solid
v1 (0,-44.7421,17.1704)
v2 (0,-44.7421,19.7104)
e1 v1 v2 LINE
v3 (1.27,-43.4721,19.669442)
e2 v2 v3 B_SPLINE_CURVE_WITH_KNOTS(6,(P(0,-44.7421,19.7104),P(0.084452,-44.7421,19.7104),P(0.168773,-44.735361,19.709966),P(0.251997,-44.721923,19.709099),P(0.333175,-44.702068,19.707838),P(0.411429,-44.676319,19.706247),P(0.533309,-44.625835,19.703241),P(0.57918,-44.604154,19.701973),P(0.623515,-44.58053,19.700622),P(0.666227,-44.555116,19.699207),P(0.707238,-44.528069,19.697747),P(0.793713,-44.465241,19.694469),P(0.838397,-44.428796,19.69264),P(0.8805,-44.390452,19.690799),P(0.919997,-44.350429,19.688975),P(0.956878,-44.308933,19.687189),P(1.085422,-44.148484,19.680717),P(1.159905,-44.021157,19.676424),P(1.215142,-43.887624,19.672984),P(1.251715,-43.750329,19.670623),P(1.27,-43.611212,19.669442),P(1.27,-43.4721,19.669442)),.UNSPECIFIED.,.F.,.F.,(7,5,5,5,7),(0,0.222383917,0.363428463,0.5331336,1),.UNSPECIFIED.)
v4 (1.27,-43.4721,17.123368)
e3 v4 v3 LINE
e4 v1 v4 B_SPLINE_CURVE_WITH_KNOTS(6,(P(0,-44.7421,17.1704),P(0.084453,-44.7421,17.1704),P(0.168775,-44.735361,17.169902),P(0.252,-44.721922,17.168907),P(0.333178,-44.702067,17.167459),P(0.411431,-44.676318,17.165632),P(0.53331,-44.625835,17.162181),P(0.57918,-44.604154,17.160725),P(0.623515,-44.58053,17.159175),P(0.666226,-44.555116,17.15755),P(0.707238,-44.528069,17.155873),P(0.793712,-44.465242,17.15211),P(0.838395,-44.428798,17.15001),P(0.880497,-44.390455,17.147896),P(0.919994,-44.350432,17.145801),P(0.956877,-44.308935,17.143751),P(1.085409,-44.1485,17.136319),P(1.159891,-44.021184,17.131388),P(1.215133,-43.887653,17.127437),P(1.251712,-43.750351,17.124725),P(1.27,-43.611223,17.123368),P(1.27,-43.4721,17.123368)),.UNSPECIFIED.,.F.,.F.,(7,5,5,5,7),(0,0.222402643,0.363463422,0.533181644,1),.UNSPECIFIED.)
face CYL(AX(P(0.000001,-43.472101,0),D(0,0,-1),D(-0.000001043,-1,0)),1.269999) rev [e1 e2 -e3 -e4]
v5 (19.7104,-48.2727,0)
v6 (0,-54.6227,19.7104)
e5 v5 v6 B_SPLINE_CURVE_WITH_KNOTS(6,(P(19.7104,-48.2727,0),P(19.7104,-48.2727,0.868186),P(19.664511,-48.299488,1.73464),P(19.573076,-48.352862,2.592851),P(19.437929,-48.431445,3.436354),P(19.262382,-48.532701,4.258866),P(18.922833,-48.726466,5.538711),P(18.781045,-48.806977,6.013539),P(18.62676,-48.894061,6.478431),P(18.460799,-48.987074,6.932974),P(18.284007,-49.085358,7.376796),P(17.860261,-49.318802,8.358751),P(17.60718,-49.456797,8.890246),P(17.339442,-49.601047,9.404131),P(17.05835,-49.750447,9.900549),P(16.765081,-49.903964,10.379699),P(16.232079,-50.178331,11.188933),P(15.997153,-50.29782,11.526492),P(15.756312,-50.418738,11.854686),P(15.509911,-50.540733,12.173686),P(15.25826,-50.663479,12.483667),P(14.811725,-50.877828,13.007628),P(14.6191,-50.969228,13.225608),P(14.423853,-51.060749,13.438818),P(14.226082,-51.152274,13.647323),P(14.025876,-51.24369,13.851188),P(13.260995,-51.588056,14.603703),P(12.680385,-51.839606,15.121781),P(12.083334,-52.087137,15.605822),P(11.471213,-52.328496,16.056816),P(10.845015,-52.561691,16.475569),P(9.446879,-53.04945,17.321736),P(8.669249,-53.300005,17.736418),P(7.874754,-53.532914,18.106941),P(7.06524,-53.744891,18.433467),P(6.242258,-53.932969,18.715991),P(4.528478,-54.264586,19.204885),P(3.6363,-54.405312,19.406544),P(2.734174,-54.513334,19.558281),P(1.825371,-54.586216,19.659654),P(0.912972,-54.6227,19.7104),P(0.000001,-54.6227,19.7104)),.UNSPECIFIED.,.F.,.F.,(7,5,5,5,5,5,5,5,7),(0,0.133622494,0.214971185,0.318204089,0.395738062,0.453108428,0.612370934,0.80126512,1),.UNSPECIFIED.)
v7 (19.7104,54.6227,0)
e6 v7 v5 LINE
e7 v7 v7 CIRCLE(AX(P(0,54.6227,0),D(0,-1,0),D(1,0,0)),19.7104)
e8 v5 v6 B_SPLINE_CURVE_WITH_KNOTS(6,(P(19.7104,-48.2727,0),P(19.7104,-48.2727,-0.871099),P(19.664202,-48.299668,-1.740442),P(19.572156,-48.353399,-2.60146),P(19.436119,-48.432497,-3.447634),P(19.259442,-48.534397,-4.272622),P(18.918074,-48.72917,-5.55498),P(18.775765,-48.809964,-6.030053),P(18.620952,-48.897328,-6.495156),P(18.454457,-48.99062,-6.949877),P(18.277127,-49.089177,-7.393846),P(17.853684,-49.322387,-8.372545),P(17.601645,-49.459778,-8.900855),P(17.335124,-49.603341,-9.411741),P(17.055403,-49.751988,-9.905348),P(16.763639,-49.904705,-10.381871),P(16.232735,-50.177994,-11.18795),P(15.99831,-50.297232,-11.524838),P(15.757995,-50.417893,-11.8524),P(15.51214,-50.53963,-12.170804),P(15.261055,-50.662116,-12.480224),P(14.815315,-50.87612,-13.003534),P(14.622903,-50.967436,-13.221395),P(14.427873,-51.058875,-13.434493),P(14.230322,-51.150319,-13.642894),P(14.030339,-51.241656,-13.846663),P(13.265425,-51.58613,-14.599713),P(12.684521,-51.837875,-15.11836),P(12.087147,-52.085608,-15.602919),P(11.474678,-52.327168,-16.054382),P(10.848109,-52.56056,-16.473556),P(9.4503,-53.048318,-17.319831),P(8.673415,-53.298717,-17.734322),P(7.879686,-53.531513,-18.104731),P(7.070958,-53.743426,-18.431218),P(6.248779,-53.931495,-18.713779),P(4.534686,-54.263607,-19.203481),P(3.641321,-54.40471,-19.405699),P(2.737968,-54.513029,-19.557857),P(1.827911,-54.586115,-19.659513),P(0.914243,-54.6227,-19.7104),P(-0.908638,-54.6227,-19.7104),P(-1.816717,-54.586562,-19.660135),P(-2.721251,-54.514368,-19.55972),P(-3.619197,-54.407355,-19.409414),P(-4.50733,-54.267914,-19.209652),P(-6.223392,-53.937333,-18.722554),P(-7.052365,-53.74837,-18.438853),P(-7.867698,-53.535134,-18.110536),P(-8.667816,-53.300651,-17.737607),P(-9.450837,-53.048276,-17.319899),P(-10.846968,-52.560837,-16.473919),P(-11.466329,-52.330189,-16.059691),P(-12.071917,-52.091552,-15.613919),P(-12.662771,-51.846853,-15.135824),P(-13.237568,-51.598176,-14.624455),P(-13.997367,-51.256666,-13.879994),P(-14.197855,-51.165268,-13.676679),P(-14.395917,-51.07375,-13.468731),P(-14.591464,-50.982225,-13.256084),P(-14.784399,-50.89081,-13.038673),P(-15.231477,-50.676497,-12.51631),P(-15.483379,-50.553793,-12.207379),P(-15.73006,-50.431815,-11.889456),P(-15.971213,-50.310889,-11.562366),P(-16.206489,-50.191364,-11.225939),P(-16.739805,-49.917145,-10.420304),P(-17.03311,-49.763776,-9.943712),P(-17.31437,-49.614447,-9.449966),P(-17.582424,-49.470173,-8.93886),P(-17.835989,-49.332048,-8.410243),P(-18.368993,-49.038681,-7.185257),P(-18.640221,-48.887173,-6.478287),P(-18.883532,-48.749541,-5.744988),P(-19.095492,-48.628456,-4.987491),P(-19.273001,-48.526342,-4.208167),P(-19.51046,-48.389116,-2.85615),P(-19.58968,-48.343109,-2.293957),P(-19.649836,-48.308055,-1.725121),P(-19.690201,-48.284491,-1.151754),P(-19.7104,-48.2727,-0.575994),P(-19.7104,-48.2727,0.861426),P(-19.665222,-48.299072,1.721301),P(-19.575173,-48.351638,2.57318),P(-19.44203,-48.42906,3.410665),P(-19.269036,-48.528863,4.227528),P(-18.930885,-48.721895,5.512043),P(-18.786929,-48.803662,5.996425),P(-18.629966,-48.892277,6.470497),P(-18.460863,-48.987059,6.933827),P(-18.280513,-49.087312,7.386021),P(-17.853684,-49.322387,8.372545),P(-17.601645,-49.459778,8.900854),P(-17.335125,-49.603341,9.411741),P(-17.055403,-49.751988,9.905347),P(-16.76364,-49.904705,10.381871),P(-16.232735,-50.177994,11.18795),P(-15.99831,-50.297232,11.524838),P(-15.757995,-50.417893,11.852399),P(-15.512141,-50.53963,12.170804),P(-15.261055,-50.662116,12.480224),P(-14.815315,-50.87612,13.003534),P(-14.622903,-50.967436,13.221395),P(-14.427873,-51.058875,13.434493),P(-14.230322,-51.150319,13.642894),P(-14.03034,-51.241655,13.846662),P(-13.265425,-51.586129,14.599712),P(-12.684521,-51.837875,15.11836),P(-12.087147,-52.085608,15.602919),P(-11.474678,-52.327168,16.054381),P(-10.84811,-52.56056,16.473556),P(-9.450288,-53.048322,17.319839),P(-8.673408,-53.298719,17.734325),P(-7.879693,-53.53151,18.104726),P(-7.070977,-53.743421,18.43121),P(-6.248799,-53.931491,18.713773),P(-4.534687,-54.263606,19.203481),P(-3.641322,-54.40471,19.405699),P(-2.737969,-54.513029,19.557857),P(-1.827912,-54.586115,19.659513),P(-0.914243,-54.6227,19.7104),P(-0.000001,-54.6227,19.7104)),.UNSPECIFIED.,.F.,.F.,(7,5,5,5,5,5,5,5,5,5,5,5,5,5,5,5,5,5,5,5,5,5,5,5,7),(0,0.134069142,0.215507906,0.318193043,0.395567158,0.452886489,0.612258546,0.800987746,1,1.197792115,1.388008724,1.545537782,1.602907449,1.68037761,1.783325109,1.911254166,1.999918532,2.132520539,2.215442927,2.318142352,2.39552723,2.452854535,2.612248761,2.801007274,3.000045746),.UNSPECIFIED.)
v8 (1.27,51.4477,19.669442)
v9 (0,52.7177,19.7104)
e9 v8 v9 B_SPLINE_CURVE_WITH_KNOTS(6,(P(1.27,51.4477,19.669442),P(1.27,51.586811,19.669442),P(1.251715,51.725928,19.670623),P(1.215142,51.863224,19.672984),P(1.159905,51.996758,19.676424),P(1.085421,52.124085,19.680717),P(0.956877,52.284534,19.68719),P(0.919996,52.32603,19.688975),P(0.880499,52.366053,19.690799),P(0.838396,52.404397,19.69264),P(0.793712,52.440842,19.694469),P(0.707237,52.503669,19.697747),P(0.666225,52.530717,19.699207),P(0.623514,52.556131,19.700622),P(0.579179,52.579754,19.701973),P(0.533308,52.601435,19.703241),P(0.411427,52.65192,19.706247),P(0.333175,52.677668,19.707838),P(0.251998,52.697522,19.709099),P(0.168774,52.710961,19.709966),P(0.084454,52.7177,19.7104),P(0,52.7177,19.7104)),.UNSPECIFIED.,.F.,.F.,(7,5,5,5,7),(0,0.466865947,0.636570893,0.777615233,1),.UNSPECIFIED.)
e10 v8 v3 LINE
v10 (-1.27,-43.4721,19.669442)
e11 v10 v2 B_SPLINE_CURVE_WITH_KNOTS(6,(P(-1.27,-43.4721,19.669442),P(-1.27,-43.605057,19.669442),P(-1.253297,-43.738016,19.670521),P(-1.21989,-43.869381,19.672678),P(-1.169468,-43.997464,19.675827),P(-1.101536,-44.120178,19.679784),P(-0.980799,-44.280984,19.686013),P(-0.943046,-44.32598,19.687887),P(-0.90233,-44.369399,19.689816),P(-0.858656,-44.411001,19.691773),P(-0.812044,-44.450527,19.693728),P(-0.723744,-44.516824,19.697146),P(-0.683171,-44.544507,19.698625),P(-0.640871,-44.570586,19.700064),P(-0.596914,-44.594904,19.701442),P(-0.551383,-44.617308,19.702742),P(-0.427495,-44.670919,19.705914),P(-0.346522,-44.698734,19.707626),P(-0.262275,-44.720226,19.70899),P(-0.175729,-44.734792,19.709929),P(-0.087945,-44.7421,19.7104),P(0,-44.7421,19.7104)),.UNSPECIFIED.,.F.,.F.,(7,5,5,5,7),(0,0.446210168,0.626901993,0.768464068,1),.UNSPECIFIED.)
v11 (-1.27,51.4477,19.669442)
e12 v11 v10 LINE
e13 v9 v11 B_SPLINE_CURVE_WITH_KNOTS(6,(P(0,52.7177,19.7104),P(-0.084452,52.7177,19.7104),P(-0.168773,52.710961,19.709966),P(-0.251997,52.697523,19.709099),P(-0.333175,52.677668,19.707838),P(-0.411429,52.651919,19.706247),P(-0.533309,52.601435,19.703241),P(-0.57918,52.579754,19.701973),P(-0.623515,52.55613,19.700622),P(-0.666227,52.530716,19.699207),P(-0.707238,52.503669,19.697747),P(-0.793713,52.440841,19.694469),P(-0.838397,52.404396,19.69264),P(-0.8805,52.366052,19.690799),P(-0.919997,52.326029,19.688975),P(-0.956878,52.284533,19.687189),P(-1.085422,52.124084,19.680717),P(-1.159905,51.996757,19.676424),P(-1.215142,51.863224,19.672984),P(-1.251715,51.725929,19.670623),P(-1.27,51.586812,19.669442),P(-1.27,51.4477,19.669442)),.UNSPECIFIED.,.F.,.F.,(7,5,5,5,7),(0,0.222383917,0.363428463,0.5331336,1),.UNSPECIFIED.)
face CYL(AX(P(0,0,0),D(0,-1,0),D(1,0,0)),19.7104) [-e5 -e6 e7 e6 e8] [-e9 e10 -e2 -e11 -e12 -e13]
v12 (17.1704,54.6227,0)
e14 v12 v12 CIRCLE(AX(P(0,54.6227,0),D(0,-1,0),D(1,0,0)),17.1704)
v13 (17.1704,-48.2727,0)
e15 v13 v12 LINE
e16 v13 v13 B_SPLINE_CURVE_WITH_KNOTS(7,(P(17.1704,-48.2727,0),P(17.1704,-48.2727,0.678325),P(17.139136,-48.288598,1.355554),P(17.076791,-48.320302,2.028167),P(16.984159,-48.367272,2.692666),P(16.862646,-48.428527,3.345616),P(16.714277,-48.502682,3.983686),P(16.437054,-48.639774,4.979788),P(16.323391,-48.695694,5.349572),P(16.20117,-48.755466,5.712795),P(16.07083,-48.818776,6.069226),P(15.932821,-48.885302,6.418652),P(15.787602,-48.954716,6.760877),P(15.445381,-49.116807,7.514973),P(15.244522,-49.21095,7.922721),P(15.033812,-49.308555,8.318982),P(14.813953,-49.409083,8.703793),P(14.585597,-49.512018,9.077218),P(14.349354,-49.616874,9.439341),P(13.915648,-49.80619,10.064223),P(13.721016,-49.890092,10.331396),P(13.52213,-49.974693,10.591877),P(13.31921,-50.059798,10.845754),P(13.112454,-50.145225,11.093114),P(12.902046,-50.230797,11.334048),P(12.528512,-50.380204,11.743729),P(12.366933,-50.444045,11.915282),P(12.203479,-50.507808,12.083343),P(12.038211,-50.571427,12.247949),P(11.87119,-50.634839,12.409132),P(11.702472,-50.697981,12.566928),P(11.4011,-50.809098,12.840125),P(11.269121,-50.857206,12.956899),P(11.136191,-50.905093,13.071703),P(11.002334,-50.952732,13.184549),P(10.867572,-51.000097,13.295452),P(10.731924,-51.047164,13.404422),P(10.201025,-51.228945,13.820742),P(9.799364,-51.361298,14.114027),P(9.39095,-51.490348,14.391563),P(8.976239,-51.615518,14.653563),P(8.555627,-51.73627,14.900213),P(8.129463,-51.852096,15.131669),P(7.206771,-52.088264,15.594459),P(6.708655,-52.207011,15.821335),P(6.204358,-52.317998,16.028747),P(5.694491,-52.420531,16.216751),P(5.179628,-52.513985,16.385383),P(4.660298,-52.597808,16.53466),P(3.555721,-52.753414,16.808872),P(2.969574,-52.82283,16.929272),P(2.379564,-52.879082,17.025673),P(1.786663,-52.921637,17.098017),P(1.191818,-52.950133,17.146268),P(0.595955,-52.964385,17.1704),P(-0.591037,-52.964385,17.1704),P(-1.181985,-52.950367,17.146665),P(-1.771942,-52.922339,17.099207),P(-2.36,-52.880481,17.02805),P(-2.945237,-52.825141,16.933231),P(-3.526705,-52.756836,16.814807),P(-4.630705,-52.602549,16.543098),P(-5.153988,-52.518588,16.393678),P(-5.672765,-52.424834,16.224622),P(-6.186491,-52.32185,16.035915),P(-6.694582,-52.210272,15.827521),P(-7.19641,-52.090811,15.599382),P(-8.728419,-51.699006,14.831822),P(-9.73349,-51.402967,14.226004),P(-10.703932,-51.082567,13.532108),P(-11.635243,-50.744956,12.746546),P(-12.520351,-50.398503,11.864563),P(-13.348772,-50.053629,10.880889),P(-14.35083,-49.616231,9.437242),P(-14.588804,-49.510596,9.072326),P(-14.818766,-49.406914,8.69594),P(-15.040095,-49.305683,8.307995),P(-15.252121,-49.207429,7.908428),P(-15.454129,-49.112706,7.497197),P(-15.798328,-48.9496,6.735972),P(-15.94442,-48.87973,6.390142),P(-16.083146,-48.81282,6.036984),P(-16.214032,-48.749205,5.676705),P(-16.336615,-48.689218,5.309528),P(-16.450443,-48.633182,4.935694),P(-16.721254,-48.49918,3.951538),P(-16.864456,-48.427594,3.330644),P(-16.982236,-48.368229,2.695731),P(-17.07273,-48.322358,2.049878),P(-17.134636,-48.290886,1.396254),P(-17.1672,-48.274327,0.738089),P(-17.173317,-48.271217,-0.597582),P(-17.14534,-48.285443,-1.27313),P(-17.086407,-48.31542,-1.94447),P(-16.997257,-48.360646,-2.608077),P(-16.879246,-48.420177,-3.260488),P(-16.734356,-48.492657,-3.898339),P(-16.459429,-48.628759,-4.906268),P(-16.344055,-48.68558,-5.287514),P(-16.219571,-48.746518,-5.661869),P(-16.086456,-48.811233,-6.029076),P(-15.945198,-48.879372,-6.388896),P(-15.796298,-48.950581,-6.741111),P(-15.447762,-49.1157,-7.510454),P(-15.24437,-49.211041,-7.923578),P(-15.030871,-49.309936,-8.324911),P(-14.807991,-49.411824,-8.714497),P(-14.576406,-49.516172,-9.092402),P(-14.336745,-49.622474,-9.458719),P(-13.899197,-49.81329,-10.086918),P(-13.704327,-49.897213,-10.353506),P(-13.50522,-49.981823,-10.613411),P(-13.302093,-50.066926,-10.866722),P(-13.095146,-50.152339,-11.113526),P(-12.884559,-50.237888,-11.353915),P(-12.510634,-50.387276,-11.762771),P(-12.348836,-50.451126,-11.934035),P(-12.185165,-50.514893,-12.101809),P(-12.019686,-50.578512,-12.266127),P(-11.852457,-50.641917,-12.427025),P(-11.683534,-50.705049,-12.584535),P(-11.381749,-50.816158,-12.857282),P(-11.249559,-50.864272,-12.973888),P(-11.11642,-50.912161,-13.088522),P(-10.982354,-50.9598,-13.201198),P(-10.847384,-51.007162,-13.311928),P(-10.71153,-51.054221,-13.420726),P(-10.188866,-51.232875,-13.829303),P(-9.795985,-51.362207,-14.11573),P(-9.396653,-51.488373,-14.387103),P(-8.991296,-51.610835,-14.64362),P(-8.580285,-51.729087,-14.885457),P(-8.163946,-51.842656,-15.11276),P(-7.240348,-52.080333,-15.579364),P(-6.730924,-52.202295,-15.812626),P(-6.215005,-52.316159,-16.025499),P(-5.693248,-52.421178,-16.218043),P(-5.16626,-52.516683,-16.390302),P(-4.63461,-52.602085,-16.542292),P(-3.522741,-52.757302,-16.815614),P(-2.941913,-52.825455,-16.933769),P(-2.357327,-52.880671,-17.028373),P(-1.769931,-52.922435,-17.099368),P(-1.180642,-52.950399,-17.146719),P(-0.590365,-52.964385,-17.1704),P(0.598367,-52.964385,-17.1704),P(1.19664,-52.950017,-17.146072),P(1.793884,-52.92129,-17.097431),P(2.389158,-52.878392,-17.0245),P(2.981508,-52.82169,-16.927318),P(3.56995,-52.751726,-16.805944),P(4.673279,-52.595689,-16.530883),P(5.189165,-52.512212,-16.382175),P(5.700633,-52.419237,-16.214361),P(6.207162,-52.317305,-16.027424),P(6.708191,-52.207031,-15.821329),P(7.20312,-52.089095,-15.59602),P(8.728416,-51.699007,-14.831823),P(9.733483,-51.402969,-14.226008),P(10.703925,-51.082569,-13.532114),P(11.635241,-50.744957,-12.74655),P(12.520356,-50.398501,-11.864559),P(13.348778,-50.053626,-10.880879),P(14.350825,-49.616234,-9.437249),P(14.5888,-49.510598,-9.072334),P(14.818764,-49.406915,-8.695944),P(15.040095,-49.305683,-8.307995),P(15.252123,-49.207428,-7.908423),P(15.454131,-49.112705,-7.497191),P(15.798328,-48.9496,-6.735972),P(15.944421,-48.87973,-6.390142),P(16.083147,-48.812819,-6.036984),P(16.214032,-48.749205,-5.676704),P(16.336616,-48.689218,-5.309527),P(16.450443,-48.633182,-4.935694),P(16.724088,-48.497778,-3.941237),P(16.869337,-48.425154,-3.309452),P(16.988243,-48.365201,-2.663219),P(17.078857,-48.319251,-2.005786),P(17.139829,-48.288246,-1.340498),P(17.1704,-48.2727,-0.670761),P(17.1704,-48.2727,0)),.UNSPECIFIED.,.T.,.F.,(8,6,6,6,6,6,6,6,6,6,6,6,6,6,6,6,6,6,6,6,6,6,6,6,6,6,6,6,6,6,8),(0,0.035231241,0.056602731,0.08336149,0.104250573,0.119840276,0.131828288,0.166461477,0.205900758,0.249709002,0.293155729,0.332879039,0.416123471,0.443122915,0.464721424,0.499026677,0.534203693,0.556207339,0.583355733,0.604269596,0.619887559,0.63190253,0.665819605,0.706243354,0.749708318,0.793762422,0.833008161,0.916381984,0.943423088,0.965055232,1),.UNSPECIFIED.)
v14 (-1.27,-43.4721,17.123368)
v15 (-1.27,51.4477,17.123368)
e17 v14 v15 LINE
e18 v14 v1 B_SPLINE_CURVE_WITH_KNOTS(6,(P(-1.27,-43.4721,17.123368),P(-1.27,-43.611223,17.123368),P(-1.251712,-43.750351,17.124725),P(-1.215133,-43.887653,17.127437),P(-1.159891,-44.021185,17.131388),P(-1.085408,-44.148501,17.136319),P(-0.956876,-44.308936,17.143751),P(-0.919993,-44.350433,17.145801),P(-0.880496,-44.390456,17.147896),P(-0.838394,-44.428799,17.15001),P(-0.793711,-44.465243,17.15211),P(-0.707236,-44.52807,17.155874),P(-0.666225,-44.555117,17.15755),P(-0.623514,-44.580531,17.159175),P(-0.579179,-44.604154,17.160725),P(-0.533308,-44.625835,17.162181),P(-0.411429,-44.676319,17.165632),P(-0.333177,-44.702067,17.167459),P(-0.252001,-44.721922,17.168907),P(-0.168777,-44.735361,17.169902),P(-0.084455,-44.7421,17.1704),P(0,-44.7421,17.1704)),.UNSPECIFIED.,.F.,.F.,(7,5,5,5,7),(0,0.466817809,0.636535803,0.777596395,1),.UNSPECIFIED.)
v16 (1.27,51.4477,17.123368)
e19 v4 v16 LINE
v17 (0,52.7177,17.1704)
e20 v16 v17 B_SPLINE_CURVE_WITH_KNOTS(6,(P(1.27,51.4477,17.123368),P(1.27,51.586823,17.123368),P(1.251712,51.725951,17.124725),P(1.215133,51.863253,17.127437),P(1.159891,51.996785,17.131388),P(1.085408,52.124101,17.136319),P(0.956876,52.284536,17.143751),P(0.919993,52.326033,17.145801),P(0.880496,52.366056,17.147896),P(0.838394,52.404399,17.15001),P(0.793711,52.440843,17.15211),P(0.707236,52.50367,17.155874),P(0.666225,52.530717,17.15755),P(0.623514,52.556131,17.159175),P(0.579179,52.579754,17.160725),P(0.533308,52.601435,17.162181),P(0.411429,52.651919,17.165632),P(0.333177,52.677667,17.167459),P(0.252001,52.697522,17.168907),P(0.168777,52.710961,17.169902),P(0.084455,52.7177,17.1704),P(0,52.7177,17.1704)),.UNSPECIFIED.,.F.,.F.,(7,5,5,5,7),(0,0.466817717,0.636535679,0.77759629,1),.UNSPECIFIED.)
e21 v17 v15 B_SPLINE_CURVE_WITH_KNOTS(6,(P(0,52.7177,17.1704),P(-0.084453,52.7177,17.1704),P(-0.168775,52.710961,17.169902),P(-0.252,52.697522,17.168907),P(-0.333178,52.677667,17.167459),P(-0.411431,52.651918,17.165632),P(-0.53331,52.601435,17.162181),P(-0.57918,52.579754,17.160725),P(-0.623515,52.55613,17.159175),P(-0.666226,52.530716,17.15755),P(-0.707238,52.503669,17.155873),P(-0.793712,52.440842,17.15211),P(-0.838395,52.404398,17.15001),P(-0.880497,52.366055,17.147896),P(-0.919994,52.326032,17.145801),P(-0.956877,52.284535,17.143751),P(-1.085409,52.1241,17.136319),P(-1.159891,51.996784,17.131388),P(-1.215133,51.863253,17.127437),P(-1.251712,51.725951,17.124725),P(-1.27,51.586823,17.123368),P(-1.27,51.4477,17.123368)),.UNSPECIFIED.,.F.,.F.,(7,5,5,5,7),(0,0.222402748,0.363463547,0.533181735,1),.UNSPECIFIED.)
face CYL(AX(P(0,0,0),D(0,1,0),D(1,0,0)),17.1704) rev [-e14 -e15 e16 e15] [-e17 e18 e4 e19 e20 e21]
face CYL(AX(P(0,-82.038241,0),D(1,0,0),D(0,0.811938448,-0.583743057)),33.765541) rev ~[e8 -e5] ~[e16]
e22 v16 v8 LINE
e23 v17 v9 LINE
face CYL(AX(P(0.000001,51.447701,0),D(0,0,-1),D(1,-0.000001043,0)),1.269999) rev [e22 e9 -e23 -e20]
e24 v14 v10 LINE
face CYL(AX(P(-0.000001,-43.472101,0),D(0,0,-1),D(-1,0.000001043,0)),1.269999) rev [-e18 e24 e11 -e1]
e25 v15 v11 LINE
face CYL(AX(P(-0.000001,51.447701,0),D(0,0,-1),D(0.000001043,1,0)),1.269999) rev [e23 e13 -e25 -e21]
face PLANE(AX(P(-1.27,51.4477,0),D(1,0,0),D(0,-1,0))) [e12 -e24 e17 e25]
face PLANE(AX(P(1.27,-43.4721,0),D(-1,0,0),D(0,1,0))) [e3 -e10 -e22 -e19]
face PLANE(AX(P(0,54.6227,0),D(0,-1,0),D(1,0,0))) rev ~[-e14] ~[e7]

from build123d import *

# Parameters (mm, degrees)
F0_R     = 19.7104
F0_R_2   = 17.1704
F1_DEPTH = 54.6227
F3_DEPTH = 19.7114
F5_DEPTH = 25.4


with BuildPart() as f1:
    # F0 (on Front) → F1 (new body, symmetric)
    with BuildSketch(Plane.XZ):
        Circle(F0_R)
        Circle(F0_R_2, mode=Mode.SUBTRACT)
    extrude(amount=F1_DEPTH, both=True)

    # F2 (on Top) → F3 (cut, through all)
    with BuildSketch(Plane.XY):
        with BuildLine():
            ThreePointArc((0, 52.7177), (-0.898026, 52.345726), (-1.27, 51.4477))
            Line((-1.27, 51.4477), (-1.27, -43.4721))
            ThreePointArc((-1.27, -43.4721), (-0.898026, -44.370126), (0, -44.7421))
            ThreePointArc((0, -44.7421), (0.898026, -44.370126), (1.27, -43.4721))
            Line((1.27, -43.4721), (1.27, 51.4477))
            ThreePointArc((1.27, 51.4477), (0.898026, 52.345726), (0, 52.7177))
        make_face()
    extrude(amount=F3_DEPTH, mode=Mode.SUBTRACT)

    # F4 (on Right) → F5 (cut, symmetric)
    with BuildSketch(Plane.YZ):
        with BuildLine():
            Line((-54.6227, 19.7104), (-54.6227, -19.7104))
            ThreePointArc((-54.6227, -19.7104), (-48.2727, 0), (-54.6227, 19.7104))
        make_face()
    extrude(amount=F5_DEPTH, both=True, mode=Mode.SUBTRACT)


solid = f1.part
